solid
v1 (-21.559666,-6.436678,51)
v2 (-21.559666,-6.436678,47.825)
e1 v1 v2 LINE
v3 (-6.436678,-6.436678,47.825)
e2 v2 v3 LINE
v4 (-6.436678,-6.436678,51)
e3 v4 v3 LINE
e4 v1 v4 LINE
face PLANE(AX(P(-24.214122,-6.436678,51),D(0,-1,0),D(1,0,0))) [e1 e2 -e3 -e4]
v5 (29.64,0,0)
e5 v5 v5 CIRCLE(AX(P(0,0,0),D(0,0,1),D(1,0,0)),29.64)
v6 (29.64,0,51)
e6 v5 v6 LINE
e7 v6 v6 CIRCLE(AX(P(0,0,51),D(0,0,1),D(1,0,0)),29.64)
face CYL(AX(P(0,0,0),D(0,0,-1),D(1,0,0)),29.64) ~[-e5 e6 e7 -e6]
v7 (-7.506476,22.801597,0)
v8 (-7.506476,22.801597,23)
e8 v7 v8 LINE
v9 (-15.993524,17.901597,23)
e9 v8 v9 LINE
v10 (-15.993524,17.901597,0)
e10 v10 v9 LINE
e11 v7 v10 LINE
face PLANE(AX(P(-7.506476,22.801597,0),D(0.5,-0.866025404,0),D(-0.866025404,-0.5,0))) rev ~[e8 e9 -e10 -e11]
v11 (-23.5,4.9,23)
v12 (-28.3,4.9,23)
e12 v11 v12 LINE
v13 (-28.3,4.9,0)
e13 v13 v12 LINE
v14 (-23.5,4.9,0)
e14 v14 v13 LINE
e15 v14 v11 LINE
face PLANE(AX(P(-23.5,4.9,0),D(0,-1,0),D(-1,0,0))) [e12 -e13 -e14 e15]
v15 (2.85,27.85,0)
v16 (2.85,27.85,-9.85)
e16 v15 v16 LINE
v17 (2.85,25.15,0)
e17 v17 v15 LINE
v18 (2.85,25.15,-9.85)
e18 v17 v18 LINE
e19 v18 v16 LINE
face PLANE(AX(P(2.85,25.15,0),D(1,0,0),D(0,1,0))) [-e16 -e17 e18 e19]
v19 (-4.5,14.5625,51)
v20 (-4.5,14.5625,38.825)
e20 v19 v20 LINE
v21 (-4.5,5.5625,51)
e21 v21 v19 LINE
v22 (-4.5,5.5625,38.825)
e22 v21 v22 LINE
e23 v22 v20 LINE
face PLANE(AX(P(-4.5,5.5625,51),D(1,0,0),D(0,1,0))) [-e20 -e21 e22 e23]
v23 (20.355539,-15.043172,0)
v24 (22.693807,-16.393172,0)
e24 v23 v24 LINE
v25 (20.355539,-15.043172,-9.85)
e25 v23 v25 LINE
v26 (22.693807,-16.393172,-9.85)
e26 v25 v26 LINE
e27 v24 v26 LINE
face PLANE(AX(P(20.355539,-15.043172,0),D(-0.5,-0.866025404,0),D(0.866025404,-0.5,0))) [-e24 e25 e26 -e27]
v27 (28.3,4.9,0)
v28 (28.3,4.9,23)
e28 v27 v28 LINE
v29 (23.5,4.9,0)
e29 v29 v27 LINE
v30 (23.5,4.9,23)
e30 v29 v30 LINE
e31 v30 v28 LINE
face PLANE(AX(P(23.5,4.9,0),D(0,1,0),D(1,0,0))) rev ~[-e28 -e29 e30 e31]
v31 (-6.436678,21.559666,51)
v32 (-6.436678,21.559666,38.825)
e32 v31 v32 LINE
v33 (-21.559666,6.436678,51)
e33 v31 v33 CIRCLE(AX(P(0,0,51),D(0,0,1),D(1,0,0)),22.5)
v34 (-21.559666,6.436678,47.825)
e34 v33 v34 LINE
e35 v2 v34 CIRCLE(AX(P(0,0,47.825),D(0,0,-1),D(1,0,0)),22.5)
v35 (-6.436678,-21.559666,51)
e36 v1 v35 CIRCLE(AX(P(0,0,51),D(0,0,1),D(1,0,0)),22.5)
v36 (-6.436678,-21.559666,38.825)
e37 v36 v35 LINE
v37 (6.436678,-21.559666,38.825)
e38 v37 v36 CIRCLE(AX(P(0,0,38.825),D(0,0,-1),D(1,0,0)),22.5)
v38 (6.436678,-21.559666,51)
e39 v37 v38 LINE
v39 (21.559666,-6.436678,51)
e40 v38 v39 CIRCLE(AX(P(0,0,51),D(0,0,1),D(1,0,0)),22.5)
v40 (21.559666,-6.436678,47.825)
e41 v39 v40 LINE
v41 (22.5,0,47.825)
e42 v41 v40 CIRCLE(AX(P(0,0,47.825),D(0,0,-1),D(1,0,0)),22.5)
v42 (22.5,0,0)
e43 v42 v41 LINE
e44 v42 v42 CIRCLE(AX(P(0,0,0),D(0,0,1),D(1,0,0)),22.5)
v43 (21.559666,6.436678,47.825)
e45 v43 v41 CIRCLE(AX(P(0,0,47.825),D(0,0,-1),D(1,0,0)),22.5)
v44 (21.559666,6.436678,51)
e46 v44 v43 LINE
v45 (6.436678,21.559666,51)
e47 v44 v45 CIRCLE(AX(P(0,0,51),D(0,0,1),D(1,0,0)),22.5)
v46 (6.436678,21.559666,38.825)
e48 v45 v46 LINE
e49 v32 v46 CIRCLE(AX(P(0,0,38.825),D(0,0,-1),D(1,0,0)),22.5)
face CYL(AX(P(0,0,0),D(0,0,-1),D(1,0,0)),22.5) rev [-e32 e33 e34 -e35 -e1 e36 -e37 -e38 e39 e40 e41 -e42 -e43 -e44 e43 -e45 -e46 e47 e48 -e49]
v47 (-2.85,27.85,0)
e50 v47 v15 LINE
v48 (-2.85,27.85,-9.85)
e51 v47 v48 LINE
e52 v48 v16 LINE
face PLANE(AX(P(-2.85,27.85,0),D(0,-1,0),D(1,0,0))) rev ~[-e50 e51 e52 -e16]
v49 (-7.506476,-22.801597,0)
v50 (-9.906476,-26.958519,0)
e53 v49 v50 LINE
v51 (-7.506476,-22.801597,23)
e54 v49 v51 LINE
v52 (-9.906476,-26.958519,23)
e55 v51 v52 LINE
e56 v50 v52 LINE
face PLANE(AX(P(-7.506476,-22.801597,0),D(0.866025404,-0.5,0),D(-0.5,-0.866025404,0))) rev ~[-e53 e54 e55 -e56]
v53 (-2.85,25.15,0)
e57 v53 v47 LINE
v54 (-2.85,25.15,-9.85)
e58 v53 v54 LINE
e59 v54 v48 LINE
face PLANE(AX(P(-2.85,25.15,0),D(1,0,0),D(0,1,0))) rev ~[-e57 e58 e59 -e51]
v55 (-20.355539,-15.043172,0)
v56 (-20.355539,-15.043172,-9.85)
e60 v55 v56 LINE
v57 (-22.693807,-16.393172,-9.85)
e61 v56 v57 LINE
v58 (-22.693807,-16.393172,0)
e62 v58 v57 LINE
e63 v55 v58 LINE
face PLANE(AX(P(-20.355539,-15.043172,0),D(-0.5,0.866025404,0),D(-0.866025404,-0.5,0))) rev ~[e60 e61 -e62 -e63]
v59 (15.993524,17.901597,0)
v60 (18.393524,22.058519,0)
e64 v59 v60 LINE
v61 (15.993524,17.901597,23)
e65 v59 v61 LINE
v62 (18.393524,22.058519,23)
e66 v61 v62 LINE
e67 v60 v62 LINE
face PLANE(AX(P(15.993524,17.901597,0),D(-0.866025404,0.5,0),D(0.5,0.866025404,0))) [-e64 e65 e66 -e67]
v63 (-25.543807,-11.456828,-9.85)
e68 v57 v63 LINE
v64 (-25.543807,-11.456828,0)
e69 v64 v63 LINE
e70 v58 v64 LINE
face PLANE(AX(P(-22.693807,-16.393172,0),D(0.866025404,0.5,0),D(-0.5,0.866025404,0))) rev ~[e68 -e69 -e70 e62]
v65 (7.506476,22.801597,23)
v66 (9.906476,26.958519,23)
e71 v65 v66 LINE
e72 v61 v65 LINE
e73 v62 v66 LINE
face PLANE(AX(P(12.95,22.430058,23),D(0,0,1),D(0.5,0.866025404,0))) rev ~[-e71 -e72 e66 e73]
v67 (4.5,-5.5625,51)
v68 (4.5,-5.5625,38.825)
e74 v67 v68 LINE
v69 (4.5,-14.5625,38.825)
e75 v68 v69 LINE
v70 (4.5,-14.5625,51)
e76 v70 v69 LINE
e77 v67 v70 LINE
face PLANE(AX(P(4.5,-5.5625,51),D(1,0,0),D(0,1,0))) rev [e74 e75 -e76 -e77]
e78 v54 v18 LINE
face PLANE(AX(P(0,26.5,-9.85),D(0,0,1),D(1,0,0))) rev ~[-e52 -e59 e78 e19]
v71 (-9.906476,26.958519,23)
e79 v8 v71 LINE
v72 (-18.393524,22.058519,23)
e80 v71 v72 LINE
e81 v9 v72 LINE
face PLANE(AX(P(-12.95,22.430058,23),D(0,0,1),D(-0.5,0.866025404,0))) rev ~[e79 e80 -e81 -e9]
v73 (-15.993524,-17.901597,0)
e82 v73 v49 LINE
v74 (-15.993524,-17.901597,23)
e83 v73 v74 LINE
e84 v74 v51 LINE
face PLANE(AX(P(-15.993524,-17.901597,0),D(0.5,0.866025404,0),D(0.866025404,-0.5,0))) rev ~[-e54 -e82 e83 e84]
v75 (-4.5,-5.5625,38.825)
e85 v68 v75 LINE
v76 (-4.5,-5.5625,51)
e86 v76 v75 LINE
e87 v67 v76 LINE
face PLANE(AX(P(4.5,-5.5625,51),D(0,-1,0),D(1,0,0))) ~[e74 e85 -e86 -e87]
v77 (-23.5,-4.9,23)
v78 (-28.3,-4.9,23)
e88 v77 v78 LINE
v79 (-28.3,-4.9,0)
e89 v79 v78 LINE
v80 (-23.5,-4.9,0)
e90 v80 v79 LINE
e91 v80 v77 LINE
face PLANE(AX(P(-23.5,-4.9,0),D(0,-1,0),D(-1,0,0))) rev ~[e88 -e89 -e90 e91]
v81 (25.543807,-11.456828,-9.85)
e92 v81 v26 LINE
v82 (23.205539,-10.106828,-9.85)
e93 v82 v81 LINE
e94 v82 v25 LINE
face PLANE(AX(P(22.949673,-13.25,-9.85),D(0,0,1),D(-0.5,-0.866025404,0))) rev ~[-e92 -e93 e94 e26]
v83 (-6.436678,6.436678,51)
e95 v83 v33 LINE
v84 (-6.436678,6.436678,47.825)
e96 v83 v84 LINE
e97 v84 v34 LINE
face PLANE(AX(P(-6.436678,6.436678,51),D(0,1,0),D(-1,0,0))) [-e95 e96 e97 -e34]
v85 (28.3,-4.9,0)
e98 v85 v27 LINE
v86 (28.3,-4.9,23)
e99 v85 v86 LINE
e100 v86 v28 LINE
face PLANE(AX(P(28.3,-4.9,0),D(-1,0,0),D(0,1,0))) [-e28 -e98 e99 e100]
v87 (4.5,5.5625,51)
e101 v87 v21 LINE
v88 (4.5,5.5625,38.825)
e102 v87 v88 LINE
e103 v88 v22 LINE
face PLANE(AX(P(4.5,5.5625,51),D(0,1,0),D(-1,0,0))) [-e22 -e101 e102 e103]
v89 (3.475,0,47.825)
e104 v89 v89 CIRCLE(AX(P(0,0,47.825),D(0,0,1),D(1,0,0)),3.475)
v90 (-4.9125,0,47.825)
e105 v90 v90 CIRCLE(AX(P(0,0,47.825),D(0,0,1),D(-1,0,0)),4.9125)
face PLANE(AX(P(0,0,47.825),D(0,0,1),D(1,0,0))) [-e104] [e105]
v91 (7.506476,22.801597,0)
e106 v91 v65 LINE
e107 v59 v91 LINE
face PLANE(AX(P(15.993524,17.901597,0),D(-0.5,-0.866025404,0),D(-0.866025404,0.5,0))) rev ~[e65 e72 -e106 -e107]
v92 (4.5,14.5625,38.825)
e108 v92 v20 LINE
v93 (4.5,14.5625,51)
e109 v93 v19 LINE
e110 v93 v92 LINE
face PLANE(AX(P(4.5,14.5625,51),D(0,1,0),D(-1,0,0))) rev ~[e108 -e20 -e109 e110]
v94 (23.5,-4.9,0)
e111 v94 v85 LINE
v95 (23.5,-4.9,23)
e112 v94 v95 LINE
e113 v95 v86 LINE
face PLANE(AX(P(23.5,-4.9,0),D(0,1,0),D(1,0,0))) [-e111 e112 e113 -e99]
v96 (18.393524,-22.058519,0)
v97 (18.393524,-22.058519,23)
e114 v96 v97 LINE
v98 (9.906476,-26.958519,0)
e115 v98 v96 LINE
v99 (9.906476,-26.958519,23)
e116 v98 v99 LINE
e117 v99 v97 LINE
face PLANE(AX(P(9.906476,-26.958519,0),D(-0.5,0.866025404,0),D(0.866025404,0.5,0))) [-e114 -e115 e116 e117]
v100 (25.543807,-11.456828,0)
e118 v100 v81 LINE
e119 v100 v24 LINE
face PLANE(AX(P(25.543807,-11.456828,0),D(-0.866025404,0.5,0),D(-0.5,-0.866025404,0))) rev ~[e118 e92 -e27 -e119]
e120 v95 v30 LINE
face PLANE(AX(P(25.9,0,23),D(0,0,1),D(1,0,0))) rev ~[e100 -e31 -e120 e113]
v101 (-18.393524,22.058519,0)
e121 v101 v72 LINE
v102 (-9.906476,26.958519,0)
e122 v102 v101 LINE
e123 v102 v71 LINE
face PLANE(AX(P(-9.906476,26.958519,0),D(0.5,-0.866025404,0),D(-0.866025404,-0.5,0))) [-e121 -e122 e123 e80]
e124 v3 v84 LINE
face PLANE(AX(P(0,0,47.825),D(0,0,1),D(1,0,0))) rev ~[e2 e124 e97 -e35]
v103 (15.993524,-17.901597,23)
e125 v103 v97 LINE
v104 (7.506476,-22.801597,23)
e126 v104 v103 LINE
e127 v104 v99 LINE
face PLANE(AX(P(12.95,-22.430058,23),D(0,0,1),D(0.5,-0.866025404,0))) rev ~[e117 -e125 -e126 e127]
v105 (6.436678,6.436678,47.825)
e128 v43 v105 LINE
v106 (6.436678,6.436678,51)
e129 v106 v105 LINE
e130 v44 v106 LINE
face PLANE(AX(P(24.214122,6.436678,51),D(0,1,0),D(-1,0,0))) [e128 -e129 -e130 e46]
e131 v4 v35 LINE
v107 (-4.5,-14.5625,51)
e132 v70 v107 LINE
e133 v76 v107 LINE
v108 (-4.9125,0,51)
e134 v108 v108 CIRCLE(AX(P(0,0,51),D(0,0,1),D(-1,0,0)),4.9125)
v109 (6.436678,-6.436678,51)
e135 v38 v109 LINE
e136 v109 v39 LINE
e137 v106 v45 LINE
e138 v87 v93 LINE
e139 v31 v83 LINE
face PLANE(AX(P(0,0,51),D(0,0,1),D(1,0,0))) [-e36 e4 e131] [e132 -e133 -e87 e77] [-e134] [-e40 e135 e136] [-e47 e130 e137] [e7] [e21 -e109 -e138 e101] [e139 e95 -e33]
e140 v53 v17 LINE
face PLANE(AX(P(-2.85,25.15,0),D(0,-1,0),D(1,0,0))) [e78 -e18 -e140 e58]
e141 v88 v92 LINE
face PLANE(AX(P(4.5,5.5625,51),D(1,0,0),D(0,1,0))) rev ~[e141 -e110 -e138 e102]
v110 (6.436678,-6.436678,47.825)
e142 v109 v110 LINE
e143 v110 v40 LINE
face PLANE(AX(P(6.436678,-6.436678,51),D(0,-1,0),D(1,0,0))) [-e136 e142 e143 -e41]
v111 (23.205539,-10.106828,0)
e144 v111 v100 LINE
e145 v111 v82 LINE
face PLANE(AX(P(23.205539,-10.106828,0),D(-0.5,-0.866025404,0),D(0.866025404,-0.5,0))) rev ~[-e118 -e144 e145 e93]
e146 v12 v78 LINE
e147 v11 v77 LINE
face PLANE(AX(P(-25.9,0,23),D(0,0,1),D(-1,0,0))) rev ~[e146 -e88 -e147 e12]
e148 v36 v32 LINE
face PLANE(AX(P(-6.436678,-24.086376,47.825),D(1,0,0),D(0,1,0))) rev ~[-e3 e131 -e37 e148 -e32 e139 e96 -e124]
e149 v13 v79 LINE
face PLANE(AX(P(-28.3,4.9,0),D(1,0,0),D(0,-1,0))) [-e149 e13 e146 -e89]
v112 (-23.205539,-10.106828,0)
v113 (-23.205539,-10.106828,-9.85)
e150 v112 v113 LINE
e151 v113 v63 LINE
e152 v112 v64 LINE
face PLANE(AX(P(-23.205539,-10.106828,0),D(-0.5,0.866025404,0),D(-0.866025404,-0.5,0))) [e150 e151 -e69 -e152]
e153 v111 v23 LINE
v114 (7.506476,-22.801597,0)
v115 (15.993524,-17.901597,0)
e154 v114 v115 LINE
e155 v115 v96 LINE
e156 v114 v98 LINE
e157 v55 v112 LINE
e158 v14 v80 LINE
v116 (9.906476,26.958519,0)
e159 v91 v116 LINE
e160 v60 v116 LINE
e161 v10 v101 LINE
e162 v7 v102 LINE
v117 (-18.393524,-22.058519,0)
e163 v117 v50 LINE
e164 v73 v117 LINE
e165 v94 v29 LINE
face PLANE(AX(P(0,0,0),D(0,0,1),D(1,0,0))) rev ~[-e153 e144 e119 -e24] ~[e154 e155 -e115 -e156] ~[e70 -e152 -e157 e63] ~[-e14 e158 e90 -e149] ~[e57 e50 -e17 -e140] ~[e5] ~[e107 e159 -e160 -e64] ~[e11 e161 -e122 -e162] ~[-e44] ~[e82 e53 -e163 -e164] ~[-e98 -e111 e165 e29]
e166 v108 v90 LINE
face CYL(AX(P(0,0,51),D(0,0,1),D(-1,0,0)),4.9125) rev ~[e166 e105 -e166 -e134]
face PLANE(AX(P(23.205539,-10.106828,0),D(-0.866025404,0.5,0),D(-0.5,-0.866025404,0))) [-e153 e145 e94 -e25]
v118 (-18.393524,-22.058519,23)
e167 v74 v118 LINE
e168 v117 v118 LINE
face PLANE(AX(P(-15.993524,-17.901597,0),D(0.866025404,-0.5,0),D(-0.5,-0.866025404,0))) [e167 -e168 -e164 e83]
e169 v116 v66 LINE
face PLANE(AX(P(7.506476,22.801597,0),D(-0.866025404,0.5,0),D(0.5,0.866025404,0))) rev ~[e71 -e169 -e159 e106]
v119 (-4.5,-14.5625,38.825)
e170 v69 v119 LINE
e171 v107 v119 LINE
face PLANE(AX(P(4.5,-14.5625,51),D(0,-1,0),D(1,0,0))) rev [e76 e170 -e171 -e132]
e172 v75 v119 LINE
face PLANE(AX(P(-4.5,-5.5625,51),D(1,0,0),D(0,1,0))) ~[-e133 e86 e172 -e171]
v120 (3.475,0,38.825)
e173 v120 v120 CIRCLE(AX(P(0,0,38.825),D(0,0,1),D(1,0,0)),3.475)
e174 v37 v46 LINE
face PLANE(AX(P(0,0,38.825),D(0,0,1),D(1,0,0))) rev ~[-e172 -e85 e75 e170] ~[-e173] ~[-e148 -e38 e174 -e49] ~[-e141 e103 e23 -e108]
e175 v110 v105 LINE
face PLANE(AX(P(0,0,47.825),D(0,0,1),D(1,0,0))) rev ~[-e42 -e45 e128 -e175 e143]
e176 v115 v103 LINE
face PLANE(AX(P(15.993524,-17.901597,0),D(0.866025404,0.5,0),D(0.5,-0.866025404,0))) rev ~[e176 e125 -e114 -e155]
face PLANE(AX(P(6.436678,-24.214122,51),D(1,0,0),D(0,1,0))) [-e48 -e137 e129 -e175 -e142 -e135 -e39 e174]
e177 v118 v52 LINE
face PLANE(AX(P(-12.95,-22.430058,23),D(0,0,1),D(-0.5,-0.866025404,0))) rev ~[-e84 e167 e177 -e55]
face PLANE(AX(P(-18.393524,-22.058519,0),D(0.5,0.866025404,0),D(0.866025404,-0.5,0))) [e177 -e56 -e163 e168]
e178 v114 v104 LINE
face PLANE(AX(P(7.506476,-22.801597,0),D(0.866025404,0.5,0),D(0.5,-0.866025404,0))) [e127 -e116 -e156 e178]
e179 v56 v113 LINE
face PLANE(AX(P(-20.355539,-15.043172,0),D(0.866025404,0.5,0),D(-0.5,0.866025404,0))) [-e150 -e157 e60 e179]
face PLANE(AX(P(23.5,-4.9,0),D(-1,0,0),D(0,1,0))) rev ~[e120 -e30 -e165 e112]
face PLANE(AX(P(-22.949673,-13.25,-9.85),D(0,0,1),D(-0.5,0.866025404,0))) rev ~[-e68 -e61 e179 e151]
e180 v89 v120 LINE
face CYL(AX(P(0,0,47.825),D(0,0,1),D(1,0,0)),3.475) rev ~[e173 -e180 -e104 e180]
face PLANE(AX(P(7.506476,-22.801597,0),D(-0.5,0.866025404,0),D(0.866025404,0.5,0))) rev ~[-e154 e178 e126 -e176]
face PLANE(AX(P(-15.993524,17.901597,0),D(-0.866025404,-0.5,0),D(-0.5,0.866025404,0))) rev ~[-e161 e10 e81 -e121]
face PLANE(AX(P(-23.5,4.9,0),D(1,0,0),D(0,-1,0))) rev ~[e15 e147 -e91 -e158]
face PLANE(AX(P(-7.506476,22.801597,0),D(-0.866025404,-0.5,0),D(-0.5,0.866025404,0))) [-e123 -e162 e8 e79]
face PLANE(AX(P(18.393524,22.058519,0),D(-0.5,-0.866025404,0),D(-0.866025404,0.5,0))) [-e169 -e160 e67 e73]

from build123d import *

# Parameters (mm, degrees)
SKETCH1_R                      = 29.64
SKETCH1_R_2                    = 22.5
BOSS_EXTRUDE1_DEPTH            = 51
SKETCH1_4_W                    = 5.7
SKETCH1_4_H                    = 2.7
BOSS_EXTRUDE2_DEPTH            = 9.85
CIRPATTERN2_COUNT              = 3
BOSS_EXTRUDE3_DEPTH            = 3.175
CUT_EXTRUDE2_REACH             = 75.89
SKETCH7_R                      = 4.9125
CUT_EXTRUDE2_DIRECTION_2_DEPTH = 74.890335633
SKETCH8_W                      = 12.873355566
SKETCH8_H                      = 48.17275248
SKETCH8_R                      = 3.475
BOSS_EXTRUDE4_DEPTH            = 9
SKETCH1_3_W                    = 4.8
SKETCH1_3_H                    = 9.8
CUT_EXTRUDE1_DEPTH             = 23
CIRPATTERN1_COUNT              = 6
SKETCH11_W                     = 9
SKETCH11_H                     = 9
CUT_EXTRUDE21_DEPTH            = 29


with BuildPart() as part:
    # Sketch1 → Boss-Extrude1 (new body)
    with BuildSketch(Plane.XY):
        Circle(SKETCH1_R)
        Circle(SKETCH1_R_2, mode=Mode.SUBTRACT)
    extrude(amount=BOSS_EXTRUDE1_DEPTH)

    # Sketch1<4> → Boss-Extrude2 (add)
    with BuildSketch(Plane.XY):
        with Locations((0, 26.5)):
            Rectangle(SKETCH1_4_W, SKETCH1_4_H)
    boss_extrude2 = extrude(amount=-BOSS_EXTRUDE2_DEPTH)

    # CirPattern2: Boss-Extrude2 ×3 about axis
    cirpattern2_axis = Axis((0, 0, 0), (0, 0, 1))
    for i in range(1, CIRPATTERN2_COUNT):
        add(boss_extrude2.rotate(cirpattern2_axis, i * 360 / CIRPATTERN2_COUNT))

    # Sketch4 → Boss-Extrude3 (add)
    with BuildSketch(Plane.XY.offset(51)):
        Polygon((-6.436677783, -24.214121516), (6.436677783, -24.214121516), (6.436677783, -6.436677783), (24.214121516, -6.436677783), (24.214121516, 6.436677783), (6.436677783, 6.436677783), (6.436677783, 24.214121516), (-6.436677783, 24.214121516), (-6.436677783, 6.436677783), (-24.214121516, 6.436677783), (-24.214121516, -6.436677783), (-6.436677783, -6.436677783), align=None)
    extrude(amount=-BOSS_EXTRUDE3_DEPTH)

    # Sketch7 → Cut-Extrude2 (cut, up to next)
    with BuildSketch(Plane.XY.offset(51), mode=Mode.PRIVATE) as cut_extrude2_sk1:
        with Locations(Location((0, 0, 0), (0, 0, 180))):
            Circle(SKETCH7_R)
    cut_extrude2_tool1 = extrude(cut_extrude2_sk1.sketch, amount=-CUT_EXTRUDE2_REACH, mode=Mode.PRIVATE) & part.part
    add(cut_extrude2_tool1.solids().sort_by_distance((0, 0, 51))[0], mode=Mode.SUBTRACT)

    # Sketch7 → Cut-Extrude2 direction 2 (cut)
    with BuildSketch(Plane.XY.offset(51)):
        with Locations(Location((0, 0, 0), (0, 0, 180))):
            Circle(SKETCH7_R)
    extrude(amount=CUT_EXTRUDE2_DIRECTION_2_DEPTH, mode=Mode.SUBTRACT)

    # Sketch8 → Boss-Extrude4 (add)
    with BuildSketch(Plane.XY.offset(47.825)):
        Rectangle(SKETCH8_W, SKETCH8_H)
        Circle(SKETCH8_R, mode=Mode.SUBTRACT)
    extrude(amount=-BOSS_EXTRUDE4_DEPTH)

    # Sketch1<3> → Cut-Extrude1 (cut)
    with BuildSketch(Plane.XY):
        with Locations((25.9, 0)):
            Rectangle(SKETCH1_3_W, SKETCH1_3_H)
    cut_extrude1 = extrude(amount=CUT_EXTRUDE1_DEPTH, mode=Mode.SUBTRACT)

    # CirPattern1: Cut-Extrude1 ×6 about axis
    cirpattern1_axis = Axis((0, 0, 0), (0, 0, 1))
    for i in range(1, CIRPATTERN1_COUNT):
        add(cut_extrude1.rotate(cirpattern1_axis, i * 360 / CIRPATTERN1_COUNT), mode=Mode.SUBTRACT)

    # Sketch11 → Cut-Extrude21 (cut)
    with BuildSketch(Plane(origin=(0, 0, 51), x_dir=(-1, 0, 0), z_dir=(0, 0, -1))):
        with Locations((0, 10.0625)):
            Rectangle(SKETCH11_W, SKETCH11_H)
    cut_extrude21 = extrude(amount=CUT_EXTRUDE21_DEPTH, mode=Mode.SUBTRACT)

    # Mirror1: Cut-Extrude21 across plane
    add(cut_extrude21.mirror(Plane.ZX), mode=Mode.SUBTRACT)


solid = part.part
